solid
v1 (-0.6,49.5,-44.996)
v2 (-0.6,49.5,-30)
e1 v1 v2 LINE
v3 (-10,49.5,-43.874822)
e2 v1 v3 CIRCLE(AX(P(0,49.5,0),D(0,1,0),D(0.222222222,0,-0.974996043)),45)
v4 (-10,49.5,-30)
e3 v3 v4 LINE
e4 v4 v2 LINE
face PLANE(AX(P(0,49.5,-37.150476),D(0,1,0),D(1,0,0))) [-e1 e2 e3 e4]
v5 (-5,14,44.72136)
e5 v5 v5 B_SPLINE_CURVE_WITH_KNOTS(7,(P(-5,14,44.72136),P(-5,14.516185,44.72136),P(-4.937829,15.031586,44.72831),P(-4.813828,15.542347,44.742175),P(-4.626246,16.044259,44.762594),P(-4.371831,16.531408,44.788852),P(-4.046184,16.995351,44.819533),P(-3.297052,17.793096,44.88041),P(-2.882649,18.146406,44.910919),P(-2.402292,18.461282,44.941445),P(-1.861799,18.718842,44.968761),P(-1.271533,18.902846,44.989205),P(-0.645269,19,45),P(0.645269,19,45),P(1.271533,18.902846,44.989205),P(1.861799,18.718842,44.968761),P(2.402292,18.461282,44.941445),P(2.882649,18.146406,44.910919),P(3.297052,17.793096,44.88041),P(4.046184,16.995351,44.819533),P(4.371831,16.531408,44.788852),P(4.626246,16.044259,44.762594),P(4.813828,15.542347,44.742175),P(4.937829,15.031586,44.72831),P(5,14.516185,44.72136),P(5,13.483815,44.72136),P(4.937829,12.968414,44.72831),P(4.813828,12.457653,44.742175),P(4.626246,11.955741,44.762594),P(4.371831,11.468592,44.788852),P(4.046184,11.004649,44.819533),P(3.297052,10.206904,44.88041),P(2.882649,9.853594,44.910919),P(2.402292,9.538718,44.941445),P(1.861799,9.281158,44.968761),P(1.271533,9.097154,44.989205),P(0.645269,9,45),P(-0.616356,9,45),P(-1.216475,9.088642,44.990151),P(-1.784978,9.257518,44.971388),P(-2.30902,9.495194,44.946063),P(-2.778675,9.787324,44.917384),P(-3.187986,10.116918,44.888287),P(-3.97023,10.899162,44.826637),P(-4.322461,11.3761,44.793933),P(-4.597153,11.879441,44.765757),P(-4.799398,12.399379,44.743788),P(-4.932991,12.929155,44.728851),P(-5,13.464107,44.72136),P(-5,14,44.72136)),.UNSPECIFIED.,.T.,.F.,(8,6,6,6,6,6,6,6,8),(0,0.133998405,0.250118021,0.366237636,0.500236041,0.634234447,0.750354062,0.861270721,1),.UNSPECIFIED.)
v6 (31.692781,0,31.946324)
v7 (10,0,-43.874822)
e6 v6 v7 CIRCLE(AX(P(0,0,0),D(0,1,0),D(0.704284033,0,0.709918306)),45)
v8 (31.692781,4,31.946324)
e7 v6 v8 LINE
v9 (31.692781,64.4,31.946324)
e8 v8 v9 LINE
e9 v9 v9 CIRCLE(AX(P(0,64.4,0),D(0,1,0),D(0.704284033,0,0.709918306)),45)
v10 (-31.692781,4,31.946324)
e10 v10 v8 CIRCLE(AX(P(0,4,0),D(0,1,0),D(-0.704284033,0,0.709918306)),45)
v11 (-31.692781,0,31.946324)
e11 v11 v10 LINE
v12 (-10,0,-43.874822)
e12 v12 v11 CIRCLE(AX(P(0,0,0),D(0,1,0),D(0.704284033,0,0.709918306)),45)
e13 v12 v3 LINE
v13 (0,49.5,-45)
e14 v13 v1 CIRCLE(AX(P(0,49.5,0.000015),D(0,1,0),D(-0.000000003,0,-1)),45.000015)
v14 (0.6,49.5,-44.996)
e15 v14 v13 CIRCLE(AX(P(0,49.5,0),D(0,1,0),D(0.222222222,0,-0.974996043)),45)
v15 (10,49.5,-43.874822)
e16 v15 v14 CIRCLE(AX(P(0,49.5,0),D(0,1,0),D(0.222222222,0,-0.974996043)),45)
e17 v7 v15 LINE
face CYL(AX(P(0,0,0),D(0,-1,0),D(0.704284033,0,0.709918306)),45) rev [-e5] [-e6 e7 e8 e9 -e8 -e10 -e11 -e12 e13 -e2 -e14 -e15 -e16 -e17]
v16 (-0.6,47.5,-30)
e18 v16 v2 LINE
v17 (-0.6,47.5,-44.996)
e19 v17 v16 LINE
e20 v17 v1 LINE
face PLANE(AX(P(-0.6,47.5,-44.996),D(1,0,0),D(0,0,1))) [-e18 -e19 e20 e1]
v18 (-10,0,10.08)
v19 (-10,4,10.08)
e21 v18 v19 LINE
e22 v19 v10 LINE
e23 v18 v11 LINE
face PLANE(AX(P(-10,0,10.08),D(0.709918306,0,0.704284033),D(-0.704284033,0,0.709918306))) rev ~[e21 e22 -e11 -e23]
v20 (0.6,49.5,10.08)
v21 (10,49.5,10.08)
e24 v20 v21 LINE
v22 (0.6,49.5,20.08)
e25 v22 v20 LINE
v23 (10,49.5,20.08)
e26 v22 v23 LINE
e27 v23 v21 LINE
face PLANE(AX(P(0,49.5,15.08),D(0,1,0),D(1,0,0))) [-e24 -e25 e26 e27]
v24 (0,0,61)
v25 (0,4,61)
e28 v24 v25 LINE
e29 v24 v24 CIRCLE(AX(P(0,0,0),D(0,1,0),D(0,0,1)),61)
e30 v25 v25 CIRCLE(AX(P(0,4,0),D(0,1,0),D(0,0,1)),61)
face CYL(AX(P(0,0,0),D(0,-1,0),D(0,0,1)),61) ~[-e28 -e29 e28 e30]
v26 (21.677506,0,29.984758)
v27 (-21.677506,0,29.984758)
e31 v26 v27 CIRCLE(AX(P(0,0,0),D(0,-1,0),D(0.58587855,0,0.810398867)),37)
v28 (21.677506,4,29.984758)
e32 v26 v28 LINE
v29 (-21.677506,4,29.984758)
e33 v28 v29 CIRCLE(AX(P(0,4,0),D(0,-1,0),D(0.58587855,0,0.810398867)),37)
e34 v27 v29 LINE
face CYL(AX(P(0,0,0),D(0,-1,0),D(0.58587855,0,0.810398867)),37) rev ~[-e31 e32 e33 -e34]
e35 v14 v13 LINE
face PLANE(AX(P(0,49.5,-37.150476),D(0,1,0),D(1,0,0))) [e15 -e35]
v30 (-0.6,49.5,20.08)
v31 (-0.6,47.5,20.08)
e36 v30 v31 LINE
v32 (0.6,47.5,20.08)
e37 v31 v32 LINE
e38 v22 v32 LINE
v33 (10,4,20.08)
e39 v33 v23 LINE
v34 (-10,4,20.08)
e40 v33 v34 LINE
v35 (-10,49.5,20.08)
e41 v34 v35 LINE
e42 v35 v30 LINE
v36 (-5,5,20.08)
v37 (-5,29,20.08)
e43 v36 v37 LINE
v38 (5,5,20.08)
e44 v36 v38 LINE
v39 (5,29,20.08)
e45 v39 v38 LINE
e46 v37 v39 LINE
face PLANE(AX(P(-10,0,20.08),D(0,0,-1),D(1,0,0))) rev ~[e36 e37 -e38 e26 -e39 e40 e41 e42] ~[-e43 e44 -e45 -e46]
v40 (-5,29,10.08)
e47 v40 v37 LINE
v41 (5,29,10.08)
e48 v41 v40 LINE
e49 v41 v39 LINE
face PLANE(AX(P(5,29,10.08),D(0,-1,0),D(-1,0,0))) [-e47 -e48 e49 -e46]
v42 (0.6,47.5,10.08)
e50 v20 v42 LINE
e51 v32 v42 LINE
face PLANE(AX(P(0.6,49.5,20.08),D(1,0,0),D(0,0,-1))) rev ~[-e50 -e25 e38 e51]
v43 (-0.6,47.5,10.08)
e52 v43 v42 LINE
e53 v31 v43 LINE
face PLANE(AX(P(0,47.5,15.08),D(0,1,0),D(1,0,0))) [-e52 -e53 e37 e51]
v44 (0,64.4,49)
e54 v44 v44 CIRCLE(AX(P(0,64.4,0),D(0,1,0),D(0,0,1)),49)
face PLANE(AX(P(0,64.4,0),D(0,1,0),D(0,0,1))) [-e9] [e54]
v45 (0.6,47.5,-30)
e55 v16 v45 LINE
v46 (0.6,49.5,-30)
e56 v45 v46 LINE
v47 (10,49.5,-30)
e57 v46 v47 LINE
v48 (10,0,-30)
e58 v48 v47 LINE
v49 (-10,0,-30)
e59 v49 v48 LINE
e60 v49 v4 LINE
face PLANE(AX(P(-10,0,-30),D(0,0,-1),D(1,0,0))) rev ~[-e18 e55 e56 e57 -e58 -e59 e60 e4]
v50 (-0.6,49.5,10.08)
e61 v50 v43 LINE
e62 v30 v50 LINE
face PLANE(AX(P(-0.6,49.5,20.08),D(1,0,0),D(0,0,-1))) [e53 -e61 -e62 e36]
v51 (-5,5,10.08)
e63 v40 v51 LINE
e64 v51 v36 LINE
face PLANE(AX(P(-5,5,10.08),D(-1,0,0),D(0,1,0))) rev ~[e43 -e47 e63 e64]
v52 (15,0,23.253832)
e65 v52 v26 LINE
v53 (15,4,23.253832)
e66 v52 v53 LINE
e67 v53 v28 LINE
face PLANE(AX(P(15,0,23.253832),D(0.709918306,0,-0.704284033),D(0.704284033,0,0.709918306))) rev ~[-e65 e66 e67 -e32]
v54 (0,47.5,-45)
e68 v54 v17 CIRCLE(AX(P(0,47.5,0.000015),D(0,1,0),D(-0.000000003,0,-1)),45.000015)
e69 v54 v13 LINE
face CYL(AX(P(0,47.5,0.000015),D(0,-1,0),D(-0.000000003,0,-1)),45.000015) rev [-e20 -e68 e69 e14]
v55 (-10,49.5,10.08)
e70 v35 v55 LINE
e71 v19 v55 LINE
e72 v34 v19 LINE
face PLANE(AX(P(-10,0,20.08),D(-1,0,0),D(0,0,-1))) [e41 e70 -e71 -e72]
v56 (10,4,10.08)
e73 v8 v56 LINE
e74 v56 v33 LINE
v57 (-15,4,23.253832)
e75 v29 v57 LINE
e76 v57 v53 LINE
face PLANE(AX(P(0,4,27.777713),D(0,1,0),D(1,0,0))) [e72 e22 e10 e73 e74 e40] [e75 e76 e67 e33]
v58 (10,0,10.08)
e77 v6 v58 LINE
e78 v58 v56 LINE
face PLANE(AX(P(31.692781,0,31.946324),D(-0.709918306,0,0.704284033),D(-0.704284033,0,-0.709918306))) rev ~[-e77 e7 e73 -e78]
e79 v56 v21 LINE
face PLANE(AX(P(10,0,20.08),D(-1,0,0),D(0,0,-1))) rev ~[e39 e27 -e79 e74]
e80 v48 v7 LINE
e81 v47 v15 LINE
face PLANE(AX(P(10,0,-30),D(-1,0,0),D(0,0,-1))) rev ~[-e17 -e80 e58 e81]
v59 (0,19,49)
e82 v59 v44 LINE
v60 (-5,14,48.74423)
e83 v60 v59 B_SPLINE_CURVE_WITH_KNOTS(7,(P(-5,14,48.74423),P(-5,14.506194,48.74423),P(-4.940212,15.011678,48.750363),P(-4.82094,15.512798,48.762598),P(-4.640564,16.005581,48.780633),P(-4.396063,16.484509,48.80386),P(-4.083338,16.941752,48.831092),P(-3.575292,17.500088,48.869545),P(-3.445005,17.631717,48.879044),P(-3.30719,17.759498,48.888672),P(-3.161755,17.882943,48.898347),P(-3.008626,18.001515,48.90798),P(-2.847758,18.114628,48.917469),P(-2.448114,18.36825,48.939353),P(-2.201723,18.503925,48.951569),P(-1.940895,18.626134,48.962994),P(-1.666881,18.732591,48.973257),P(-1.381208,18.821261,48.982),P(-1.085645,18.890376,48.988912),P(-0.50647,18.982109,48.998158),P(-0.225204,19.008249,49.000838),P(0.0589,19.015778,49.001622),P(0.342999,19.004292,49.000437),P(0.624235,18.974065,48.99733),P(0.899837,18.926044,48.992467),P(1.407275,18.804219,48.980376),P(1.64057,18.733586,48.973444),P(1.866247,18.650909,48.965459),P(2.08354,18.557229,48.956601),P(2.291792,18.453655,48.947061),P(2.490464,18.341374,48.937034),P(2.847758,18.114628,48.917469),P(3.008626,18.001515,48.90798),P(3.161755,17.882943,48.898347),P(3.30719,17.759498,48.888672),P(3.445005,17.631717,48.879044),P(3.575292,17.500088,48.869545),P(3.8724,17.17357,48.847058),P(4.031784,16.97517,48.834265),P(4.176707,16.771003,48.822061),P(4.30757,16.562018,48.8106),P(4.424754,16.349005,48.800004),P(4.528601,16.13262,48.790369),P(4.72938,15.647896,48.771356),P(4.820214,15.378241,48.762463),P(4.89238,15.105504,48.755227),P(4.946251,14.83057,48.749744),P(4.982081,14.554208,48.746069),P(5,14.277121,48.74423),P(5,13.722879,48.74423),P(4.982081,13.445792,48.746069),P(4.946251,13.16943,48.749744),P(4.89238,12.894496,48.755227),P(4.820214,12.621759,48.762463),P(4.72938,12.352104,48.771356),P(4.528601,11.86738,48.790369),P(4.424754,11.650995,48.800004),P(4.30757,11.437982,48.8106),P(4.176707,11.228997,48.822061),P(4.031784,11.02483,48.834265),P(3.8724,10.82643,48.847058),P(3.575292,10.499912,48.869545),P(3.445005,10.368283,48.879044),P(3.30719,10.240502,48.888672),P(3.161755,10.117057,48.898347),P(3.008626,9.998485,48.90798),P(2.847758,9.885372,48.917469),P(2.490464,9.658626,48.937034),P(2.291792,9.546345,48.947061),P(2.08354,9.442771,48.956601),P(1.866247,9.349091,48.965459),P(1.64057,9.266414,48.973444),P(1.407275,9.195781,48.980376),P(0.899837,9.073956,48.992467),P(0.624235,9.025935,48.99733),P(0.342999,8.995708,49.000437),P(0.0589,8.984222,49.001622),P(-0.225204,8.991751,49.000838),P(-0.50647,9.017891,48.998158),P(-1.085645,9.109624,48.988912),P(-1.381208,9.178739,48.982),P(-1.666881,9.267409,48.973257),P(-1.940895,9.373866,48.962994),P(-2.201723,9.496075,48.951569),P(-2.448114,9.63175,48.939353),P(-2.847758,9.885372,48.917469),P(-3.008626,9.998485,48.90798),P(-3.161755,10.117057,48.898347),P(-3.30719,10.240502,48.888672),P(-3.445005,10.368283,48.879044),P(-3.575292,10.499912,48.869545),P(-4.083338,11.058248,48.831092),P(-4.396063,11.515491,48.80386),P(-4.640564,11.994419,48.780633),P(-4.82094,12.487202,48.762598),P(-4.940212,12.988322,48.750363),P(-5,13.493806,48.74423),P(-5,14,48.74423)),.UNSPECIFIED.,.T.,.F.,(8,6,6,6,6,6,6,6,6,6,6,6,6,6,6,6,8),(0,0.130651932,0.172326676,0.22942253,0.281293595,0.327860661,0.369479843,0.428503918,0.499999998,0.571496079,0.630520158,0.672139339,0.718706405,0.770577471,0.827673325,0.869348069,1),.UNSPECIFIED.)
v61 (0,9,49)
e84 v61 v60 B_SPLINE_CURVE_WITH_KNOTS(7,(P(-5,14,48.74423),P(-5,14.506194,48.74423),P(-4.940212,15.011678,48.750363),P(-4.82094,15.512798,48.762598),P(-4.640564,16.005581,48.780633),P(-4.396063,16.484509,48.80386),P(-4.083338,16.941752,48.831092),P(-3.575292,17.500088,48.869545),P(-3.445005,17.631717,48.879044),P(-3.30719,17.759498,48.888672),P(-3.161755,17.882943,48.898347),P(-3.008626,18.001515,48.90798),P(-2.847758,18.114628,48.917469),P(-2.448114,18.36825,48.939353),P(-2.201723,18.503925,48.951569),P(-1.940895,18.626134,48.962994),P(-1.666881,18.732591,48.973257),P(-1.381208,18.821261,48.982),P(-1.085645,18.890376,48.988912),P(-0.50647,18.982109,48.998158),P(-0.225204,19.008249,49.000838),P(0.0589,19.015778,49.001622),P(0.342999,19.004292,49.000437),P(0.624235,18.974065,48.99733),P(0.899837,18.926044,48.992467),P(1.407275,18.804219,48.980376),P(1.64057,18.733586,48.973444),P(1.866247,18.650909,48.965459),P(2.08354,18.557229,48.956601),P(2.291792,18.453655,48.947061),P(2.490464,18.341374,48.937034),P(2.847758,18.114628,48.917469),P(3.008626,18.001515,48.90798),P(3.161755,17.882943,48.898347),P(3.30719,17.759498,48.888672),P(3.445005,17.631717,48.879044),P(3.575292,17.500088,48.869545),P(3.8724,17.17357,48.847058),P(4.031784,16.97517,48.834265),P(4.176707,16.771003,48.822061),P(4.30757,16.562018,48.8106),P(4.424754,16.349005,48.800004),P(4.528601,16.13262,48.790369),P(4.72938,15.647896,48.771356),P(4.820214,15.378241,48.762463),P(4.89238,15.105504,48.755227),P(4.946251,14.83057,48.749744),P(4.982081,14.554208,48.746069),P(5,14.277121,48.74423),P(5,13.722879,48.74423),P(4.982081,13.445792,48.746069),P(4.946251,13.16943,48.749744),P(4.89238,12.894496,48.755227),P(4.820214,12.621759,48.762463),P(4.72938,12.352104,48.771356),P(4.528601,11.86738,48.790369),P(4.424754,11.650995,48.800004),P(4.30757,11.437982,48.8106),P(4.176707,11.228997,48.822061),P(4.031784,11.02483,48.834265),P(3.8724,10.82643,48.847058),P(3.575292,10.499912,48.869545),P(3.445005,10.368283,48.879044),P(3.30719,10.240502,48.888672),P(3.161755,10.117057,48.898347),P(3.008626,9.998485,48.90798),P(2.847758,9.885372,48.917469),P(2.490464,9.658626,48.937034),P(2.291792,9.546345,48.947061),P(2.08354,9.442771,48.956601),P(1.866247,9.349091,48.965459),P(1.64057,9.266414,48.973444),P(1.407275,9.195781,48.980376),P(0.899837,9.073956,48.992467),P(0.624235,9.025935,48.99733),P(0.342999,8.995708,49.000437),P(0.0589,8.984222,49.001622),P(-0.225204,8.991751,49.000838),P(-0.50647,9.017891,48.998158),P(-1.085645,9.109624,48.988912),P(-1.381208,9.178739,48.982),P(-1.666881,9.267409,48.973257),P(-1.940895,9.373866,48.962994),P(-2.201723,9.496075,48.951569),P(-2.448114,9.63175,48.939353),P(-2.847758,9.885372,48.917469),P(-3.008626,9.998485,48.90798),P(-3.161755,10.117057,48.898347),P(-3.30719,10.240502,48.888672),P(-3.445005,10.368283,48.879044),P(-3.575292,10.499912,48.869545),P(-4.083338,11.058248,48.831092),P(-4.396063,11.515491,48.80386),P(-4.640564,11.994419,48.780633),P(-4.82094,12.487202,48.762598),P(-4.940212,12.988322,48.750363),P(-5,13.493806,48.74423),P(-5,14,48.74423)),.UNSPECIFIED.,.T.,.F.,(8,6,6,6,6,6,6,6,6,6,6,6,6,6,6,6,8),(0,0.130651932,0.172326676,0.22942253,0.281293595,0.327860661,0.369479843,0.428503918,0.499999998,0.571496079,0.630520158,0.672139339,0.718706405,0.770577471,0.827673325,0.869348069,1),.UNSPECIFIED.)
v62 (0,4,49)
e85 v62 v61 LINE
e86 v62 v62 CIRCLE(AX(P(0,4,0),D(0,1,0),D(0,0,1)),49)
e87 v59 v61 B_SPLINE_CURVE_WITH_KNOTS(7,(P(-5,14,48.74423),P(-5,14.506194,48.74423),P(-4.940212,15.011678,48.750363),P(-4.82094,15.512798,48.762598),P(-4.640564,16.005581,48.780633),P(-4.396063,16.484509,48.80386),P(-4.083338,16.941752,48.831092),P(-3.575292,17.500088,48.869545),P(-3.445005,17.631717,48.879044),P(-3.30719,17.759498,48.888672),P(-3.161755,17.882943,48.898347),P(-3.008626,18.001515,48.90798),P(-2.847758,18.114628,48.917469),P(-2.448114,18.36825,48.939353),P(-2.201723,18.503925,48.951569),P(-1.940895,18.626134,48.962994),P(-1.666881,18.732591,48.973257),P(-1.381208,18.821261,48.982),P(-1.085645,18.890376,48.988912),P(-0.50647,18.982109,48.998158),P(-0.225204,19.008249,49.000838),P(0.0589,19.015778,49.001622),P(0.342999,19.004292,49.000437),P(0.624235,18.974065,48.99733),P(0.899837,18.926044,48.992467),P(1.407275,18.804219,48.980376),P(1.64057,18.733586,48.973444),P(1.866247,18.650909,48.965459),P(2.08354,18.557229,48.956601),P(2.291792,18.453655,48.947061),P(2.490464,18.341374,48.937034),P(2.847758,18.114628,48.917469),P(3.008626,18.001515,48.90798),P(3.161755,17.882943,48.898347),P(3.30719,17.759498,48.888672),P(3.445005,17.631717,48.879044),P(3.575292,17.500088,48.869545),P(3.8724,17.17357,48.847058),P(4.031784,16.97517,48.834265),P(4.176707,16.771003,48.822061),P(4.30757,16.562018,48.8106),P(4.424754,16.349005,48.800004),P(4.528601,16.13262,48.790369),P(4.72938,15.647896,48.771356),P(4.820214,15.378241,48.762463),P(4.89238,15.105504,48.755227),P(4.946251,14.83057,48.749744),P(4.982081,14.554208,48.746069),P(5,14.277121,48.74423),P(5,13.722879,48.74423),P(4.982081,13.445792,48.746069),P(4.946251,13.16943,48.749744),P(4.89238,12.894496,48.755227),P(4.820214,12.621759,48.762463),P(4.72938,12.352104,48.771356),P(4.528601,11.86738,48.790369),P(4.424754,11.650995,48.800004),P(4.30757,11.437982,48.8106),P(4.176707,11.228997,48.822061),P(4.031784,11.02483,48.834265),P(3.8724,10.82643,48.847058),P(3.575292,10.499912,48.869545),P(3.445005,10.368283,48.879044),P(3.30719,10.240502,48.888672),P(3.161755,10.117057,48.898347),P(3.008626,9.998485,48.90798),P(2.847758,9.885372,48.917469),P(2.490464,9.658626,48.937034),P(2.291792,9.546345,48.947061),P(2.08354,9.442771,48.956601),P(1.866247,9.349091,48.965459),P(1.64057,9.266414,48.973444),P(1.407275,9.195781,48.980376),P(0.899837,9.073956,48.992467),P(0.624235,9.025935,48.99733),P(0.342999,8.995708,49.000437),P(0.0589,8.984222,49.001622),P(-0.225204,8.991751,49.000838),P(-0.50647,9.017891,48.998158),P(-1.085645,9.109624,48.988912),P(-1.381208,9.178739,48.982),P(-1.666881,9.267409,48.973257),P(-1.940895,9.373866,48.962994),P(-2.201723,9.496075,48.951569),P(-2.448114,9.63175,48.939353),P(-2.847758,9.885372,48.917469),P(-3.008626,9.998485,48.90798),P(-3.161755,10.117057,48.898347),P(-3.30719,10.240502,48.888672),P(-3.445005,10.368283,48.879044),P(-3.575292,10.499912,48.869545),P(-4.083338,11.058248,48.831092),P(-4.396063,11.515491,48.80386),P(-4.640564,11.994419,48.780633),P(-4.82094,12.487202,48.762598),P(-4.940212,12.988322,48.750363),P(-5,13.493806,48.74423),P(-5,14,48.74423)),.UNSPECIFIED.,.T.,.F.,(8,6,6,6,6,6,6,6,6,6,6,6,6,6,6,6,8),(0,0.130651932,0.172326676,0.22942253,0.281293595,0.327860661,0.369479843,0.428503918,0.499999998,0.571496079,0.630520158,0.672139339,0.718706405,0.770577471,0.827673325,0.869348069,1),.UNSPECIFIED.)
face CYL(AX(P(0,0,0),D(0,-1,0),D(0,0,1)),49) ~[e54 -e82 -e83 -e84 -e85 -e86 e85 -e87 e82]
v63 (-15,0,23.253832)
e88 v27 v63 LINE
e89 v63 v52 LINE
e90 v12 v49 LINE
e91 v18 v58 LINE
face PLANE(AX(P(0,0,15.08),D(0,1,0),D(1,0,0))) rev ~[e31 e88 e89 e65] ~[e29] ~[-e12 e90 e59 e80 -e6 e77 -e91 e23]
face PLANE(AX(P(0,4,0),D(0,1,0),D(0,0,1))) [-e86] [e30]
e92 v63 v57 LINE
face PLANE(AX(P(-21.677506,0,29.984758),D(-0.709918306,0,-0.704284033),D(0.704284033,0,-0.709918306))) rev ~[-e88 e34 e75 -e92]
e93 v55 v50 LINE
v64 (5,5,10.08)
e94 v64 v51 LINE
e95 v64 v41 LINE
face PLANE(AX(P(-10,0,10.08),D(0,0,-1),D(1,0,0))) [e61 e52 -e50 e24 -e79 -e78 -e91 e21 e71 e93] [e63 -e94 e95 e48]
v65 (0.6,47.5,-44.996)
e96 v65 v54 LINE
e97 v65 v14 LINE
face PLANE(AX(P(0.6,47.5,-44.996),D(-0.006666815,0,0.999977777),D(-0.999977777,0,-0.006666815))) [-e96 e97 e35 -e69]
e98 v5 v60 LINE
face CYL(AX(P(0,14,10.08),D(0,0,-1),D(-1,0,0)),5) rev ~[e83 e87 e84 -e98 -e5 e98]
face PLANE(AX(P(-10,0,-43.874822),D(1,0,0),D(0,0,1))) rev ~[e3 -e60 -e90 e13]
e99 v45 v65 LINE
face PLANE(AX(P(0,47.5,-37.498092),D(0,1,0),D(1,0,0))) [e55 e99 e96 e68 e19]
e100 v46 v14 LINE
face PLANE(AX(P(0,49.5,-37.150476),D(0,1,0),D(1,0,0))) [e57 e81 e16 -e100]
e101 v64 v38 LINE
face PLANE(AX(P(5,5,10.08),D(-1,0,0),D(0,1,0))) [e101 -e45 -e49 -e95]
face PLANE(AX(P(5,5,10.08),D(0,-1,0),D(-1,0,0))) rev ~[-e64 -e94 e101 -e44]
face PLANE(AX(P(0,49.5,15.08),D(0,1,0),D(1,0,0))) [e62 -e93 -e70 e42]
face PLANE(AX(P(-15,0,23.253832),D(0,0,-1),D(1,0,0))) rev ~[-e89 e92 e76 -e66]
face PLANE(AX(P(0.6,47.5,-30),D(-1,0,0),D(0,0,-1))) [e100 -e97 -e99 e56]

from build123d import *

# Parameters (mm, degrees)
SKETCH1_R               = 61
SKETCH1_R_2             = 49
BOSS_EXTRUDE1_DEPTH     = 4
BOSS_EXTRUDE2_DEPTH     = 4
SKETCH1_5_R             = 49
SKETCH1_5_R_2           = 45
BOSS_EXTRUDE3_DEPTH     = 64.4
SKETCH1_8_W             = 20
SKETCH1_8_H             = 10
BOSS_EXTRUDE4_DEPTH     = 49.5
CUT_EXTRUDE1_REACH      = 115.669
SKETCH2_W               = 10
SKETCH2_H               = 24
CUT_EXTRUDE2_REACH      = 115.669
CUT_EXTRUDE2_END_RADIUS = 49
SKETCH3_R               = 5
CUT_EXTRUDE4_START      = -2
CUT_EXTRUDE4_DEPTH      = 2
SKETCH5_W               = 1.2
SKETCH5_H               = 10
CUT_EXTRUDE5_DEPTH      = 2


with BuildPart() as part:
    # Sketch1 → Boss-Extrude1 (new body)
    with BuildSketch(Plane(origin=(0, 0, 0), x_dir=(1, 0, 0), z_dir=(0, 1, 0))):
        with Locations(Location((0, 0, 0), (0, 0, 270))):
            Circle(SKETCH1_R)
        with Locations(Location((0, 0, 0), (0, 0, 270))):
            Circle(SKETCH1_R_2, mode=Mode.SUBTRACT)
    extrude(amount=BOSS_EXTRUDE1_DEPTH)



with BuildPart() as body_2:
    # Sketch1<4> → Boss-Extrude2 (new body)
    with BuildSketch(Plane(origin=(0, 0, 0), x_dir=(1, 0, 0), z_dir=(0, 1, 0))):
        with BuildLine():
            Line((31.692781496, -31.946323748), (10, -10.08))
            Line((10, -10.08), (10, -20.08))
            Line((10, -20.08), (-10, -20.08))
            Line((-10, -20.08), (-10, -10.08))
            Line((-10, -10.08), (-31.692781496, -31.946323748))
            ThreePointArc((-31.692781496, -31.946323748), (0, -45), (31.692781496, -31.946323748))
        make_face()
        with BuildLine():
            Line((-21.677506364, -29.984758092), (-15, -23.253831677))
            Line((-15, -23.253831677), (15, -23.253831677))
            Line((15, -23.253831677), (21.677506364, -29.984758092))
            ThreePointArc((21.677506364, -29.984758092), (0, -37), (-21.677506364, -29.984758092))
        make_face(mode=Mode.SUBTRACT)
    extrude(amount=BOSS_EXTRUDE2_DEPTH)


with BuildPart() as part_1:
    add(part.part)

    add(body_2.part)  # Boss-Extrude3 merges body 2
    # Sketch1<5> → Boss-Extrude3 (add)
    with BuildSketch(Plane(origin=(0, 0, 0), x_dir=(1, 0, 0), z_dir=(0, 1, 0))):
        with Locations(Location((0, 0, 0), (0, 0, 270))):
            Circle(SKETCH1_5_R)
        with Locations(Location((0, 0, 0), (0, 0, 314.77173117))):
            Circle(SKETCH1_5_R_2, mode=Mode.SUBTRACT)
    extrude(amount=BOSS_EXTRUDE3_DEPTH)

    # Sketch1<8> → Boss-Extrude4 (add)
    with BuildSketch(Plane(origin=(0, 0, 0), x_dir=(1, 0, 0), z_dir=(0, 1, 0))):
        with BuildLine():
            Line((-10, 30), (0, 30))
            Line((0, 30), (10, 30))
            Line((10, 30), (10, 43.874821937))
            ThreePointArc((10, 43.874821937), (0, 45), (-10, 43.874821937))
            Line((-10, 43.874821937), (-10, 30))
        make_face()
        with Locations((0, -15.08)):
            Rectangle(SKETCH1_8_W, SKETCH1_8_H)
    extrude(amount=BOSS_EXTRUDE4_DEPTH)

    # Sketch2 → Cut-Extrude1 (cut, up to next)
    with BuildSketch(Plane(origin=(0, 0, 10.08), x_dir=(-1, 0, 0), z_dir=(0, 0, -1)), mode=Mode.PRIVATE) as cut_extrude1_sk1:
        with Locations((0, 17)):
            Rectangle(SKETCH2_W, SKETCH2_H)
    cut_extrude1_tool1 = extrude(cut_extrude1_sk1.sketch, amount=-CUT_EXTRUDE1_REACH, mode=Mode.PRIVATE) & part_1.part
    add(cut_extrude1_tool1.solids().sort_by_distance((0, 17, 10.08))[0], mode=Mode.SUBTRACT)

    # Cut-Extrude2: up to this cylinder (the profile starts inside it)
    cut_extrude2_end = Plane(origin=(0, 14, 0), z_dir=(0, -1, 0)) * Cylinder(CUT_EXTRUDE2_END_RADIUS, 330.338, mode=Mode.PRIVATE)
    # Sketch3 → Cut-Extrude2 (cut, up to the surface)
    with BuildSketch(Plane(origin=(0, 0, 10.08), x_dir=(-1, 0, 0), z_dir=(0, 0, -1)), mode=Mode.PRIVATE) as cut_extrude2_sk1:
        with Locations((0, 14)):
            Circle(SKETCH3_R)
    cut_extrude2_tool1 = extrude(cut_extrude2_sk1.sketch, amount=-CUT_EXTRUDE2_REACH, mode=Mode.PRIVATE) & cut_extrude2_end
    add(cut_extrude2_tool1.solids().sort_by_distance((0, 14, 10.08))[0], mode=Mode.SUBTRACT)

    # Sketch4 → Cut-Extrude4 (cut)
    with BuildSketch(Plane(origin=(0, 49.5, 0), x_dir=(1, 0, 0), z_dir=(0, 1, 0)).offset(CUT_EXTRUDE4_START)):
        with BuildLine():
            Line((-0.6, 44.995999822), (-0.6, 30))
            Line((-0.6, 30), (0.6, 30))
            Line((0.6, 30), (0.6, 44.995999822))
            Line((0.6, 44.995999822), (0, 45))
            ThreePointArc((0, 45), (-0.300006667, 44.998999944), (-0.6, 44.995999822))
        make_face()
    extrude(amount=CUT_EXTRUDE4_DEPTH, mode=Mode.SUBTRACT)

    # Sketch5 → Cut-Extrude5 (cut)
    with BuildSketch(Plane(origin=(0, 49.5, 0), x_dir=(1, 0, 0), z_dir=(0, 1, 0))):
        with Locations((0, -15.08)):
            Rectangle(SKETCH5_W, SKETCH5_H)
    extrude(amount=-CUT_EXTRUDE5_DEPTH, mode=Mode.SUBTRACT)


solid = part_1.part
